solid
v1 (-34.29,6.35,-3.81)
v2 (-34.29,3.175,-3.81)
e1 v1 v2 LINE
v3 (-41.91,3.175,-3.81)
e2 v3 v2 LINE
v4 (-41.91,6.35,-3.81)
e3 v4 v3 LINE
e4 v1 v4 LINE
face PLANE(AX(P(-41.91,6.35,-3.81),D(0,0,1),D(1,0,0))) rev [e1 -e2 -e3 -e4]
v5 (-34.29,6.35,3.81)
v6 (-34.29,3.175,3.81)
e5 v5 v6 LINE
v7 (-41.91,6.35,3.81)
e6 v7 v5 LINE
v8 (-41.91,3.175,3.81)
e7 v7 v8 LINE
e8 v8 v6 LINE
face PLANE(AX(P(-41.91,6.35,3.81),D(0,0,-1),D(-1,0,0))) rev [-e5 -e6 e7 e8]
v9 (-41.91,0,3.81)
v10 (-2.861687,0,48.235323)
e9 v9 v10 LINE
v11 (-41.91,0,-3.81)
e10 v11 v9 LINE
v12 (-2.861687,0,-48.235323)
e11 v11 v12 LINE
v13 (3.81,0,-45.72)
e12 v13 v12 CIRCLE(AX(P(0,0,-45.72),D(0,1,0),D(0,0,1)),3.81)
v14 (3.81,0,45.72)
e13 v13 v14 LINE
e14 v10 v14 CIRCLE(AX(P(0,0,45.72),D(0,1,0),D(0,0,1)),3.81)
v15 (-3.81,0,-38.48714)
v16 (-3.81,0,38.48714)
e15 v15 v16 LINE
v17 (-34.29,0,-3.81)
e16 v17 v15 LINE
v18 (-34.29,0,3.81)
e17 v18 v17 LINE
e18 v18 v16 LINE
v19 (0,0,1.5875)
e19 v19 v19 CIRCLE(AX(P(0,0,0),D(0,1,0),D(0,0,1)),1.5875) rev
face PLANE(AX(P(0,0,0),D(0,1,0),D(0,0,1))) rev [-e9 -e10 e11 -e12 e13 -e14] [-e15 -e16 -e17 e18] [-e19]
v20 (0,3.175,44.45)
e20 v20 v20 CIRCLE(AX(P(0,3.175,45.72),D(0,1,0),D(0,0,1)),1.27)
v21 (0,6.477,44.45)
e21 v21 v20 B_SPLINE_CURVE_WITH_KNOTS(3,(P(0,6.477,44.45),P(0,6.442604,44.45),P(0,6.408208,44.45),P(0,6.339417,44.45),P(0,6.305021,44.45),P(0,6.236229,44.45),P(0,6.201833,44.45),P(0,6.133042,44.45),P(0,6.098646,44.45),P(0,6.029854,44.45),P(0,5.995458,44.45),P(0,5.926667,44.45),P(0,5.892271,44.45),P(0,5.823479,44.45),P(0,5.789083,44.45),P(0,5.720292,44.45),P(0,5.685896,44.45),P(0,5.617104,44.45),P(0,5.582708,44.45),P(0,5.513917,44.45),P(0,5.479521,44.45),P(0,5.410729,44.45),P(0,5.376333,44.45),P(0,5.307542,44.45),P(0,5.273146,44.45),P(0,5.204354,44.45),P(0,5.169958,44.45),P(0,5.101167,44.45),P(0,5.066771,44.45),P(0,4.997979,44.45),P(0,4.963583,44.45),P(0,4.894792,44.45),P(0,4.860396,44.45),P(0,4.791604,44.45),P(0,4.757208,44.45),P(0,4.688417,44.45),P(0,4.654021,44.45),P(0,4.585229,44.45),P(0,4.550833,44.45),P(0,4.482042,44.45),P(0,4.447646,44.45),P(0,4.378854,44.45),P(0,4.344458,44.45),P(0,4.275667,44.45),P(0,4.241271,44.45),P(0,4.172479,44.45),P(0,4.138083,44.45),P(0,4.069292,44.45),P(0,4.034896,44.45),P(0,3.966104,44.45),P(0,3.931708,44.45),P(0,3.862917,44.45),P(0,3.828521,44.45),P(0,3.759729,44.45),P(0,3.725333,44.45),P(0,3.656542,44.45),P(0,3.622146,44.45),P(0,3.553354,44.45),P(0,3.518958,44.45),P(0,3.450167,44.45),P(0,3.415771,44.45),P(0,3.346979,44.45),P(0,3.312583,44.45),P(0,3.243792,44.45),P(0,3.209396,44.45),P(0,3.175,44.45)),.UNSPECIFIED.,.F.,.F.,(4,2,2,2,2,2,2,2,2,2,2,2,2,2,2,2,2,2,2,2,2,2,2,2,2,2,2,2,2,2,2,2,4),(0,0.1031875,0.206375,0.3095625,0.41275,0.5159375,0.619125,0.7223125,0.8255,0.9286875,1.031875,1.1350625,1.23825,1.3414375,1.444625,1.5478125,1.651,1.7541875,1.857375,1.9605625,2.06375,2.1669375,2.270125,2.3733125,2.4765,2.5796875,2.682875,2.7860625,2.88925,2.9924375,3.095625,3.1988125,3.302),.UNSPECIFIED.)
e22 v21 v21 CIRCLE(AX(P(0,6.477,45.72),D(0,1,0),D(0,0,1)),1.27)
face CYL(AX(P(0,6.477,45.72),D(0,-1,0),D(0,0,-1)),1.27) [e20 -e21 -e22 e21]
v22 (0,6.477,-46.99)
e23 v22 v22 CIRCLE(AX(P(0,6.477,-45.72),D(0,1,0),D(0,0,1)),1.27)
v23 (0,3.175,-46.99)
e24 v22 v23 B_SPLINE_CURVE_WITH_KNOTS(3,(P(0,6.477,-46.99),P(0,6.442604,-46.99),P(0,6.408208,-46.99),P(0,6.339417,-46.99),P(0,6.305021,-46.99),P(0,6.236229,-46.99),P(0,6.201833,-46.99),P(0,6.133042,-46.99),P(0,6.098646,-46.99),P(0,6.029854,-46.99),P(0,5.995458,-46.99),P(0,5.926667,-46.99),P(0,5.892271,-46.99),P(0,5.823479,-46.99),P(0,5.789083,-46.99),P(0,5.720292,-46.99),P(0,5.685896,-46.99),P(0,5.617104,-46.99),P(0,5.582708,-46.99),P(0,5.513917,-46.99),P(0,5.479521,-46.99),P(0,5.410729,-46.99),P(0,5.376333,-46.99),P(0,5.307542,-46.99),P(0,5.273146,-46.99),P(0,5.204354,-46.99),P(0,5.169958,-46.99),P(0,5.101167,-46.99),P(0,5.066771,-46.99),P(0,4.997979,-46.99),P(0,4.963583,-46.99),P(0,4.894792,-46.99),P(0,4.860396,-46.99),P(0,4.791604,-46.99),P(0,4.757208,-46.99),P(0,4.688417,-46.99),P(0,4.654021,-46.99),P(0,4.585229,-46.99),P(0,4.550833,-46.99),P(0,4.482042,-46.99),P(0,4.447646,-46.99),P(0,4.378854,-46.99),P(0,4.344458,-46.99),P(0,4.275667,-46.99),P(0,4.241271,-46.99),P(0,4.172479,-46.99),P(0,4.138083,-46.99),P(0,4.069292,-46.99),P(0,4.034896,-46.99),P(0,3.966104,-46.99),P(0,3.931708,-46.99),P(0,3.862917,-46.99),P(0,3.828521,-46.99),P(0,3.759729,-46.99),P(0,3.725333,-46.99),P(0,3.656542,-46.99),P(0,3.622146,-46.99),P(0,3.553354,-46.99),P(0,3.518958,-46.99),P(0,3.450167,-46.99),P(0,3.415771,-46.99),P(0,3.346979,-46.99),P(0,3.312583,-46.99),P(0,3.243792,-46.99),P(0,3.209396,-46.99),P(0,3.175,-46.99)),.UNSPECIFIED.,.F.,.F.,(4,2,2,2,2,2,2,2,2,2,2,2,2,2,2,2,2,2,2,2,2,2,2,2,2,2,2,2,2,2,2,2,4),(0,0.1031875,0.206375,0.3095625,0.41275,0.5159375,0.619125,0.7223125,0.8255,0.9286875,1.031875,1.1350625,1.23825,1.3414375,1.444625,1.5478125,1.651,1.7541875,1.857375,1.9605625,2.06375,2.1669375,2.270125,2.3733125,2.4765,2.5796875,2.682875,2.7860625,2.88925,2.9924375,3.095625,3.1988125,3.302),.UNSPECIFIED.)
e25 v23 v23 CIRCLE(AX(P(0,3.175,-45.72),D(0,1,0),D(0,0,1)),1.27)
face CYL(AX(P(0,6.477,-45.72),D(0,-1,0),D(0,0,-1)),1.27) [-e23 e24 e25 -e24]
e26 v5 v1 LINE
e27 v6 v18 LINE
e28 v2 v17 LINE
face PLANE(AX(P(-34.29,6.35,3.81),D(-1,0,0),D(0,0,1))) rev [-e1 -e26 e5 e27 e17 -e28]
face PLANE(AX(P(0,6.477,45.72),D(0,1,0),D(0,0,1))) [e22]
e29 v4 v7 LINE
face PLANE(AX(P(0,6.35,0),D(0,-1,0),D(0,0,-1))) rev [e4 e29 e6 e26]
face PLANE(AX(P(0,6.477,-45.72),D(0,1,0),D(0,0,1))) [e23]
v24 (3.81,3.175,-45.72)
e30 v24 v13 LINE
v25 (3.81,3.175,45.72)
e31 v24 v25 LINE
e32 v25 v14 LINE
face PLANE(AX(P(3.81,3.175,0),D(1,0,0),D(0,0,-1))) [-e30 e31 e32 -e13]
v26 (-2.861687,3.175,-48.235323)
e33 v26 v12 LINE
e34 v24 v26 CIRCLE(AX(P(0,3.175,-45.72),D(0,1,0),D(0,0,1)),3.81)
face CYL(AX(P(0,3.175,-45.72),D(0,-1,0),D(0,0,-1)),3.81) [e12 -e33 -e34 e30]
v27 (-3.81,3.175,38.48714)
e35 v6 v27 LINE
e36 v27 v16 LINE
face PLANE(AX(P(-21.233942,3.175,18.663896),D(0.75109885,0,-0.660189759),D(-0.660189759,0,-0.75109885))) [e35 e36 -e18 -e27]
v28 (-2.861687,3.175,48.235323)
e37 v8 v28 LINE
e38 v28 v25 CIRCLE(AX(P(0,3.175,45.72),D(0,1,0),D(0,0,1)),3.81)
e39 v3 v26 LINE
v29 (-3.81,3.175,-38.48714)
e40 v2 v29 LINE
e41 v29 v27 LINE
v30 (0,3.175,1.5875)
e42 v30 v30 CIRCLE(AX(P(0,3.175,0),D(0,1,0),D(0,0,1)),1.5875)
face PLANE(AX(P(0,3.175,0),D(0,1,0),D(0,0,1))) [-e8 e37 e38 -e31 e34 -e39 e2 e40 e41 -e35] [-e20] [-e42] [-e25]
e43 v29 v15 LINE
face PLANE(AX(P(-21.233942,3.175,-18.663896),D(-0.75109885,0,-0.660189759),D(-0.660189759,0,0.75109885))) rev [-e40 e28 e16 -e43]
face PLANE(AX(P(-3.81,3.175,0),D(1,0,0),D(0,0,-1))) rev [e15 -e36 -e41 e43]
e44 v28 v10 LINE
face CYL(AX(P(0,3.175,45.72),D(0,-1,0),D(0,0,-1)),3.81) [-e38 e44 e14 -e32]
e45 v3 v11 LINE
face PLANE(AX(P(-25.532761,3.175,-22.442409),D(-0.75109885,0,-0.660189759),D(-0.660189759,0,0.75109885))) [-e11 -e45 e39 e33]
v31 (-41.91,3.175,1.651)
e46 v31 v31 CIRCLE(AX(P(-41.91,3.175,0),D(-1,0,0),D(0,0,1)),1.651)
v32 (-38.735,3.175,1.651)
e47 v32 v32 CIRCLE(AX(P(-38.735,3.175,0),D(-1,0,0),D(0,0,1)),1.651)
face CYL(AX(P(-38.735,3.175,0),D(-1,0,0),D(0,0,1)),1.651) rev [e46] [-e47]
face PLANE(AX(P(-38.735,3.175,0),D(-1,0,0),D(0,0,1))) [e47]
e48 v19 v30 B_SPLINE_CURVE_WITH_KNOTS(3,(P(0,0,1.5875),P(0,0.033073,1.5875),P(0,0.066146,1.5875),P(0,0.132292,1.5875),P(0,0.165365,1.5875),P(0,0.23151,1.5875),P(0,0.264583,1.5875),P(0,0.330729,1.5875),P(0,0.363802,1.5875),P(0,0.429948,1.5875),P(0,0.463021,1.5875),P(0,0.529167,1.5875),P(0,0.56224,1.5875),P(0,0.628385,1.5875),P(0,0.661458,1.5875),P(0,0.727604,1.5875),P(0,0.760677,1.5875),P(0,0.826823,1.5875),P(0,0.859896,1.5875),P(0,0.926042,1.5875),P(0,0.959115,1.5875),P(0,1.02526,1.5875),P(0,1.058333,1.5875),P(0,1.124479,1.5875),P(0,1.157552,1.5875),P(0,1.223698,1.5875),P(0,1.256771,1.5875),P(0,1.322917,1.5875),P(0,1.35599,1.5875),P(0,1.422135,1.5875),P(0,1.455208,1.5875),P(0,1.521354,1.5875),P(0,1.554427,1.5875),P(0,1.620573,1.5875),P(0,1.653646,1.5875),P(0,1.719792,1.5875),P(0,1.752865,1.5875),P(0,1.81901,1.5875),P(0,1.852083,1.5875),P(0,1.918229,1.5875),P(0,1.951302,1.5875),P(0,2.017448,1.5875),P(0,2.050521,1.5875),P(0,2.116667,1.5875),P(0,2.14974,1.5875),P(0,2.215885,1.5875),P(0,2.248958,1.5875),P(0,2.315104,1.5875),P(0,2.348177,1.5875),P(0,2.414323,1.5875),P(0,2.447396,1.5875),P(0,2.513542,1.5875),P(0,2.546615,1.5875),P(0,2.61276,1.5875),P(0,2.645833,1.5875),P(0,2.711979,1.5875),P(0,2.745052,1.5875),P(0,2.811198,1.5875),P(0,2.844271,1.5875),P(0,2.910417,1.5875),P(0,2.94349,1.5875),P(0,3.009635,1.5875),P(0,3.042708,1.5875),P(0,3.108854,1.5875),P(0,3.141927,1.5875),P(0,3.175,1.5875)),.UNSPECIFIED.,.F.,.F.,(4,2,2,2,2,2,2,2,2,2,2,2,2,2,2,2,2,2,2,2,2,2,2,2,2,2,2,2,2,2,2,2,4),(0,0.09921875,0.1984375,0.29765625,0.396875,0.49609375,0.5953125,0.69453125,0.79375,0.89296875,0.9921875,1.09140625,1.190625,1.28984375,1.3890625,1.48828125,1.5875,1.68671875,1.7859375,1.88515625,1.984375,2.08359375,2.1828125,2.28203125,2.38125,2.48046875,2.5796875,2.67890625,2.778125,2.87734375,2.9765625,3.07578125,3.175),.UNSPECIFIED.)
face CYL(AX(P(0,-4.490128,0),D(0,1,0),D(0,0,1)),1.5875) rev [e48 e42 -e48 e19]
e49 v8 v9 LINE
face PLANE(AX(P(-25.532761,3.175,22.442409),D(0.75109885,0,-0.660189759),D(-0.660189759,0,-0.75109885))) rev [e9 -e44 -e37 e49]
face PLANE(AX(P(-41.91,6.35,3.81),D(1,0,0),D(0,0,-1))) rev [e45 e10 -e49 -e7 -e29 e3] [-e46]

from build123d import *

# Parameters (mm, degrees)
BOSS_EXTRUDE1_DEPTH = 3.175
SKETCH3_W           = 7.62
SKETCH3_H           = 7.62
BOSS_EXTRUDE2_DEPTH = 6.35
CUT_EXTRUDE1_REACH  = 66.96
SKETCH5_R           = 1.5875
SKETCH6_R           = 1.27
BOSS_EXTRUDE3_DEPTH = 3.302
SKETCH9_R           = 1.651
CUT_EXTRUDE3_DEPTH  = 3.175


with BuildPart() as part:
    # Sketch2 → Boss-Extrude1 (new body)
    with BuildSketch(Plane(origin=(0, 0, 0), x_dir=(1, 0, 0), z_dir=(0, 1, 0))):
        with BuildLine():
            Line((3.81, 45.72), (3.81, -45.72))
            ThreePointArc((3.81, -45.72), (1.344074772, -49.285047406), (-2.861686618, -48.235322981))
            Line((-2.861686618, -48.235322981), (-41.91, -3.81))
            Line((-41.91, -3.81), (-34.29, -3.81))
            Line((-34.29, -3.81), (-3.81, -38.487140373))
            Line((-3.81, -38.487140373), (-3.81, 38.487140373))
            Line((-3.81, 38.487140373), (-34.29, 3.81))
            Line((-34.29, 3.81), (-41.91, 3.81))
            Line((-41.91, 3.81), (-2.861686618, 48.235322981))
            ThreePointArc((-2.861686618, 48.235322981), (1.344074772, 49.285047406), (3.81, 45.72))
        make_face()
    extrude(amount=BOSS_EXTRUDE1_DEPTH)

    # Sketch3 → Boss-Extrude2 (add)
    with BuildSketch(Plane(origin=(0, 0, 0), x_dir=(1, 0, 0), z_dir=(0, 1, 0))):
        with Locations((-38.1, 0)):
            Rectangle(SKETCH3_W, SKETCH3_H)
    extrude(amount=BOSS_EXTRUDE2_DEPTH)

    # Sketch5 → Cut-Extrude1 (cut, up to next)
    with BuildSketch(Plane(origin=(0, 3.175, 0), x_dir=(1, 0, 0), z_dir=(0, 1, 0)), mode=Mode.PRIVATE) as cut_extrude1_sk1:
        with Locations(Location((0, 0, 0), (0, 0, 270))):
            Circle(SKETCH5_R)
    cut_extrude1_tool1 = extrude(cut_extrude1_sk1.sketch, amount=-CUT_EXTRUDE1_REACH, mode=Mode.PRIVATE) & part.part
    add(cut_extrude1_tool1.solids().sort_by_distance((0, 3.175, 0))[0], mode=Mode.SUBTRACT)

    # Sketch6 → Boss-Extrude3 (add)
    with BuildSketch(Plane(origin=(0, 3.175, 0), x_dir=(1, 0, 0), z_dir=(0, 1, 0))):
        with Locations(Location((0, 45.72, 0), (0, 0, 90))):
            Circle(SKETCH6_R)
        with Locations(Location((0, -45.72, 0), (0, 0, 90))):
            Circle(SKETCH6_R)
    extrude(amount=BOSS_EXTRUDE3_DEPTH)

    # Sketch9 → Cut-Extrude3 (cut)
    with BuildSketch(Plane.ZY.offset(41.91)):
        with Locations((0, 3.175)):
            Circle(SKETCH9_R)
    extrude(amount=-CUT_EXTRUDE3_DEPTH, mode=Mode.SUBTRACT)


solid = part.part
